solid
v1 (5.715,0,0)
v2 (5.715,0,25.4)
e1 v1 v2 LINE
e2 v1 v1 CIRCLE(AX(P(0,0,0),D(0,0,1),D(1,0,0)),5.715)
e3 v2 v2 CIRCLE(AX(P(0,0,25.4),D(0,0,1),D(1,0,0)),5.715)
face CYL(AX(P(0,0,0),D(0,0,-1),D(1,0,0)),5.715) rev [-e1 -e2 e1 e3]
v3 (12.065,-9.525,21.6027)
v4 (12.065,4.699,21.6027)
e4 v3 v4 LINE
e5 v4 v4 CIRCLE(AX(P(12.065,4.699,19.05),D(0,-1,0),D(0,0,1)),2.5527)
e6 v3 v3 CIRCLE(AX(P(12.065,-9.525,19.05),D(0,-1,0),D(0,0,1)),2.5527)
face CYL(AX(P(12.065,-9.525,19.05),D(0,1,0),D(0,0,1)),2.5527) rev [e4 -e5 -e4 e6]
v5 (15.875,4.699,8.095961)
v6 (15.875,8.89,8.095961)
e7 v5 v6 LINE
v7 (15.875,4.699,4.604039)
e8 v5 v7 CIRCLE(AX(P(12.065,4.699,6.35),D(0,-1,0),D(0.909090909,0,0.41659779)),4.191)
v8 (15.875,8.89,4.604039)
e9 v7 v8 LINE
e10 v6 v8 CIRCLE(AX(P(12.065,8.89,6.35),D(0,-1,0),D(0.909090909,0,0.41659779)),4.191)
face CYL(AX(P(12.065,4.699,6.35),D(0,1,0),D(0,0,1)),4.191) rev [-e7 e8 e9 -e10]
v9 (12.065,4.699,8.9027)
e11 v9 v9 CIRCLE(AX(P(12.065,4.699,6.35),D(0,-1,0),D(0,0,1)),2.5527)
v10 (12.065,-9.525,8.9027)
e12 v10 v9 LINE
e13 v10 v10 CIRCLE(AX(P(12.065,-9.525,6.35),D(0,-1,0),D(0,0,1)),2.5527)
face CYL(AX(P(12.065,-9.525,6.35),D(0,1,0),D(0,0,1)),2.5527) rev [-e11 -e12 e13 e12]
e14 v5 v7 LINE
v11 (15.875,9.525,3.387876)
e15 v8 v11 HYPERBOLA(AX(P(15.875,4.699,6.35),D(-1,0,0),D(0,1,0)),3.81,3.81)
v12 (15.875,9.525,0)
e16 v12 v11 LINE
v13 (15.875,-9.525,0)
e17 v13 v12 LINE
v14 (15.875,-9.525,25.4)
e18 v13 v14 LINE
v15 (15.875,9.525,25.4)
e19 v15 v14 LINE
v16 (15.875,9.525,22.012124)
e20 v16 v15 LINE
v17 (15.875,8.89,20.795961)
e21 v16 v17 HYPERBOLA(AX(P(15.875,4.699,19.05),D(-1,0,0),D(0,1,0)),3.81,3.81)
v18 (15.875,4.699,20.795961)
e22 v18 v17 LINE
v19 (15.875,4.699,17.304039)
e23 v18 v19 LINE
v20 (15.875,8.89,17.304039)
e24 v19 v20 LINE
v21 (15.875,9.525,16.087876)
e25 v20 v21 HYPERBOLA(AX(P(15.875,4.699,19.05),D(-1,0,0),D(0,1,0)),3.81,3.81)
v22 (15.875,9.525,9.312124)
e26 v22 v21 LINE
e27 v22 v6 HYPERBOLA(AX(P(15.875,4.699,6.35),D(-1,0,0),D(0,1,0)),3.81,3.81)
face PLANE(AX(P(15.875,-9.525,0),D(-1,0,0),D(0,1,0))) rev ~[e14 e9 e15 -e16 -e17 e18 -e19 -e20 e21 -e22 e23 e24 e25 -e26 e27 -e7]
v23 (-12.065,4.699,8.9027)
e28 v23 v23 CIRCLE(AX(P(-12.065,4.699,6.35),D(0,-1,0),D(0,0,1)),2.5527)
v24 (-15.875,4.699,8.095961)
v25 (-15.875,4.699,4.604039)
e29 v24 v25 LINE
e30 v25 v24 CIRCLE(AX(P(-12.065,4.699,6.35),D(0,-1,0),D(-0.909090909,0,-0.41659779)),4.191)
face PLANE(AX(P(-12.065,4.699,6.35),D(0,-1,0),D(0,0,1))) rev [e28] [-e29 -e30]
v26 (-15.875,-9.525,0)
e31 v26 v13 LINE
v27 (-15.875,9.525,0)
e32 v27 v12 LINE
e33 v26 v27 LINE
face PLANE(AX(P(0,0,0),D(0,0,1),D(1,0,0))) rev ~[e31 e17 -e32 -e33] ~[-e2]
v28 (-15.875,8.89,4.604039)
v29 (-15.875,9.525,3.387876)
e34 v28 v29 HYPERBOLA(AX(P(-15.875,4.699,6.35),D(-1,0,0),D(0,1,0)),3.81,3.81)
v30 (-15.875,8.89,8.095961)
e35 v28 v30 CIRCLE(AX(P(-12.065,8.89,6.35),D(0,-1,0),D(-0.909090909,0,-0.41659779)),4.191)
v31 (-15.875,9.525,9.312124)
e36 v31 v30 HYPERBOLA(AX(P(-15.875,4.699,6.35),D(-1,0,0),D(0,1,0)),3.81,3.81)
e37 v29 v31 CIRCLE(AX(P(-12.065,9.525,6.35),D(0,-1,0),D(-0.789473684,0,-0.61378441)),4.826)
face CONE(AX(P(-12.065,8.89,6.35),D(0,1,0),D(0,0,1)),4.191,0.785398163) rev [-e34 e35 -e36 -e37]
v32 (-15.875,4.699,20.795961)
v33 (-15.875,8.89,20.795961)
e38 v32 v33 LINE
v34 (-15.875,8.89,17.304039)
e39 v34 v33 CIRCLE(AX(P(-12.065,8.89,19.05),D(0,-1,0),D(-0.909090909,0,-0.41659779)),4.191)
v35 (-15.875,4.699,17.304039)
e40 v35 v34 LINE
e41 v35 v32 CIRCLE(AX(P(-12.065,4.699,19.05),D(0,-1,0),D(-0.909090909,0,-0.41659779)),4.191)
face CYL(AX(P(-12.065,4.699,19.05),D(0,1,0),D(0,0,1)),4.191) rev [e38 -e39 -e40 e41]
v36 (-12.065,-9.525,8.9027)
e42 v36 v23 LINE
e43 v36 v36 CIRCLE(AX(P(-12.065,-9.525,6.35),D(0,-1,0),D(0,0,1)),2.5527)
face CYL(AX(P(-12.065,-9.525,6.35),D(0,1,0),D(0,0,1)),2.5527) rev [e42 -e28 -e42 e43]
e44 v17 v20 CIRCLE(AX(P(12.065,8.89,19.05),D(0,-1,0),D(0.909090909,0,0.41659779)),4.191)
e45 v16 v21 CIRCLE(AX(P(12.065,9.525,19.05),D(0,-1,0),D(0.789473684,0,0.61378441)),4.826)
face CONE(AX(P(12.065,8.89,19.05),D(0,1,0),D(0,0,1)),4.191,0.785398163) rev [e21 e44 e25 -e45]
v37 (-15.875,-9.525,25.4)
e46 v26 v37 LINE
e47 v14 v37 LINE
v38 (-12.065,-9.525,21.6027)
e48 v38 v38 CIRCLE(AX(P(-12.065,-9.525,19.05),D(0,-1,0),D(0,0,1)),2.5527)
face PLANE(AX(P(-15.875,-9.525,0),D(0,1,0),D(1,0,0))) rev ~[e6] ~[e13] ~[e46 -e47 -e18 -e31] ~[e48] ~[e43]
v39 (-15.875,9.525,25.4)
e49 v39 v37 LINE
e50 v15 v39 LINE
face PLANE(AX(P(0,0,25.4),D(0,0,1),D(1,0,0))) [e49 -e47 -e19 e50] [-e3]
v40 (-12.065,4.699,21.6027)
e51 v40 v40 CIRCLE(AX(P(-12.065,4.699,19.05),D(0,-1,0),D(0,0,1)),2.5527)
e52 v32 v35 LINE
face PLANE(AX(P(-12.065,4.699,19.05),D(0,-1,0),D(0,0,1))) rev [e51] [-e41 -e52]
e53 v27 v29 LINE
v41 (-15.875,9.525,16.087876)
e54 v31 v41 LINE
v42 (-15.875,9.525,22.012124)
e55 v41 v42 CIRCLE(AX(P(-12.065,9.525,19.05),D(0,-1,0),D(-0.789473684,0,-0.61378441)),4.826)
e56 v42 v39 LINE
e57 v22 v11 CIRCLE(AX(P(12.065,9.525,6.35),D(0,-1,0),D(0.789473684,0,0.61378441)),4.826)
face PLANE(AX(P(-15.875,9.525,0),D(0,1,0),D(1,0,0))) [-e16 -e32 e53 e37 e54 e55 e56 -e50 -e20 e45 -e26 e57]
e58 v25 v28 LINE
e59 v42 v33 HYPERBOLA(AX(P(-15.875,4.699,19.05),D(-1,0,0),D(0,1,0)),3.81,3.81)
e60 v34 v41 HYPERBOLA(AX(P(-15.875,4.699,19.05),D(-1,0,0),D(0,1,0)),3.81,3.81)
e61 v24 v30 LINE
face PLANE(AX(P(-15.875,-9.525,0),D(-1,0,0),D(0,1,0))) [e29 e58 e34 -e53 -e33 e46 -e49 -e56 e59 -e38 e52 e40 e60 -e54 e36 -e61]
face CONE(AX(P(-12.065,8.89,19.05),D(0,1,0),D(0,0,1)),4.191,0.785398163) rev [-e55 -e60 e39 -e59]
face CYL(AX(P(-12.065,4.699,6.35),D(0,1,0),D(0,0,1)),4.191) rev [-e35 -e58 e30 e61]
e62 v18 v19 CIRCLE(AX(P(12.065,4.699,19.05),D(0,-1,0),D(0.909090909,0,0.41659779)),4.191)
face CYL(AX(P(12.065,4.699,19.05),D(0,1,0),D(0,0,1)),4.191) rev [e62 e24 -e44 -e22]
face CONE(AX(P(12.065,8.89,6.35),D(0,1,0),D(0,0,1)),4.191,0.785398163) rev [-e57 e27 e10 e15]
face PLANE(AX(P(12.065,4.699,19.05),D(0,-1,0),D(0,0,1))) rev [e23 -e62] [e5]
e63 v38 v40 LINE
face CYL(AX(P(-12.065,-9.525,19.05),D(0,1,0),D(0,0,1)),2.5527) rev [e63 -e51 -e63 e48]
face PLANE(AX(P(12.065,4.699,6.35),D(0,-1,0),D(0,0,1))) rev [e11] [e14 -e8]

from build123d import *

# Parameters (mm, degrees)
SKETCH1_R                                    = 18.669
SKETCH1_R_2                                  = 5.715
NUT_BODY_EXTRUDE_DEPTH                       = 25.4
SKETCH2_R                                    = 18.669
SKETCH2_W                                    = 31.75
SKETCH2_H                                    = 19.05
NUT_TRIM_CUT_EXTRUDE_DEPTH                   = 37.636363384
CBORE_FOR_10_SOCKET_HEAD_CAP_SCREW1_AT_COUNT = 2
CBORE_FOR_10_SOCKET_HEAD_CAP_SCREW1_AT_PITCH = 12.7
CBORE_FOR_10_SOCKET_HEAD_CAP_SCREW1_2_COUNT  = 2
CBORE_FOR_10_SOCKET_HEAD_CAP_SCREW1_2_PITCH  = 27.268056403
CBORE_FOR_10_SOCKET_HEAD_CAP_SCREW1_3_COUNT  = 2
CBORE_FOR_10_SOCKET_HEAD_CAP_SCREW1_3_PITCH  = 24.13


with BuildPart() as part:
    # Sketch1 → nut-body-extrude (new body)
    with BuildSketch(Plane.XY):
        Circle(SKETCH1_R)
        Circle(SKETCH1_R_2, mode=Mode.SUBTRACT)
    extrude(amount=NUT_BODY_EXTRUDE_DEPTH)

    # Sketch2 → nut-trim-cut-extrude (cut, through all)
    with BuildSketch(Plane.XY):
        Circle(SKETCH2_R)
        Rectangle(SKETCH2_W, SKETCH2_H, mode=Mode.SUBTRACT)
    extrude(amount=NUT_TRIM_CUT_EXTRUDE_DEPTH, mode=Mode.SUBTRACT)

    # Sketch4 → CBORE for #10 Socket Head Cap Screw1 (revolve, cut)
    with BuildSketch(Plane(origin=(12.065, 9.525, 6.35), x_dir=(0, 0, 1), z_dir=(1, 0, 0))):
        Polygon((0, 0), (0, 19.05), (2.5527, 19.05), (2.5527, 4.826), (4.191, 4.826), (4.191, 0.635), (4.826, 0), align=None)
    cbore_for_10_socket_head_cap_screw1 = revolve(axis=Axis((12.065, 15.875, 6.35), (0, -1, 0)), mode=Mode.SUBTRACT)

    # CBORE for #10 Socket Head Cap Screw1 at: CBORE for #10 Socket Head Cap Screw1 ×2
    with Locations(*[(0, 0, i * CBORE_FOR_10_SOCKET_HEAD_CAP_SCREW1_AT_PITCH) for i in range(1, CBORE_FOR_10_SOCKET_HEAD_CAP_SCREW1_AT_COUNT)]):
        add(cbore_for_10_socket_head_cap_screw1, mode=Mode.SUBTRACT)

    # CBORE for _10 Socket Head Cap Screw1 2: CBORE for #10 Socket Head Cap Screw1 ×2
    with Locations(*[Vector(-0.8849182223819826, 0, 0.46574643283262207) * (i * CBORE_FOR_10_SOCKET_HEAD_CAP_SCREW1_2_PITCH) for i in range(1, CBORE_FOR_10_SOCKET_HEAD_CAP_SCREW1_2_COUNT)]):
        add(cbore_for_10_socket_head_cap_screw1, mode=Mode.SUBTRACT)

    # CBORE for _10 Socket Head Cap Screw1 3: CBORE for #10 Socket Head Cap Screw1 ×2
    with Locations(*[(-i * CBORE_FOR_10_SOCKET_HEAD_CAP_SCREW1_3_PITCH, 0, 0) for i in range(1, CBORE_FOR_10_SOCKET_HEAD_CAP_SCREW1_3_COUNT)]):
        add(cbore_for_10_socket_head_cap_screw1, mode=Mode.SUBTRACT)


solid = part.part
